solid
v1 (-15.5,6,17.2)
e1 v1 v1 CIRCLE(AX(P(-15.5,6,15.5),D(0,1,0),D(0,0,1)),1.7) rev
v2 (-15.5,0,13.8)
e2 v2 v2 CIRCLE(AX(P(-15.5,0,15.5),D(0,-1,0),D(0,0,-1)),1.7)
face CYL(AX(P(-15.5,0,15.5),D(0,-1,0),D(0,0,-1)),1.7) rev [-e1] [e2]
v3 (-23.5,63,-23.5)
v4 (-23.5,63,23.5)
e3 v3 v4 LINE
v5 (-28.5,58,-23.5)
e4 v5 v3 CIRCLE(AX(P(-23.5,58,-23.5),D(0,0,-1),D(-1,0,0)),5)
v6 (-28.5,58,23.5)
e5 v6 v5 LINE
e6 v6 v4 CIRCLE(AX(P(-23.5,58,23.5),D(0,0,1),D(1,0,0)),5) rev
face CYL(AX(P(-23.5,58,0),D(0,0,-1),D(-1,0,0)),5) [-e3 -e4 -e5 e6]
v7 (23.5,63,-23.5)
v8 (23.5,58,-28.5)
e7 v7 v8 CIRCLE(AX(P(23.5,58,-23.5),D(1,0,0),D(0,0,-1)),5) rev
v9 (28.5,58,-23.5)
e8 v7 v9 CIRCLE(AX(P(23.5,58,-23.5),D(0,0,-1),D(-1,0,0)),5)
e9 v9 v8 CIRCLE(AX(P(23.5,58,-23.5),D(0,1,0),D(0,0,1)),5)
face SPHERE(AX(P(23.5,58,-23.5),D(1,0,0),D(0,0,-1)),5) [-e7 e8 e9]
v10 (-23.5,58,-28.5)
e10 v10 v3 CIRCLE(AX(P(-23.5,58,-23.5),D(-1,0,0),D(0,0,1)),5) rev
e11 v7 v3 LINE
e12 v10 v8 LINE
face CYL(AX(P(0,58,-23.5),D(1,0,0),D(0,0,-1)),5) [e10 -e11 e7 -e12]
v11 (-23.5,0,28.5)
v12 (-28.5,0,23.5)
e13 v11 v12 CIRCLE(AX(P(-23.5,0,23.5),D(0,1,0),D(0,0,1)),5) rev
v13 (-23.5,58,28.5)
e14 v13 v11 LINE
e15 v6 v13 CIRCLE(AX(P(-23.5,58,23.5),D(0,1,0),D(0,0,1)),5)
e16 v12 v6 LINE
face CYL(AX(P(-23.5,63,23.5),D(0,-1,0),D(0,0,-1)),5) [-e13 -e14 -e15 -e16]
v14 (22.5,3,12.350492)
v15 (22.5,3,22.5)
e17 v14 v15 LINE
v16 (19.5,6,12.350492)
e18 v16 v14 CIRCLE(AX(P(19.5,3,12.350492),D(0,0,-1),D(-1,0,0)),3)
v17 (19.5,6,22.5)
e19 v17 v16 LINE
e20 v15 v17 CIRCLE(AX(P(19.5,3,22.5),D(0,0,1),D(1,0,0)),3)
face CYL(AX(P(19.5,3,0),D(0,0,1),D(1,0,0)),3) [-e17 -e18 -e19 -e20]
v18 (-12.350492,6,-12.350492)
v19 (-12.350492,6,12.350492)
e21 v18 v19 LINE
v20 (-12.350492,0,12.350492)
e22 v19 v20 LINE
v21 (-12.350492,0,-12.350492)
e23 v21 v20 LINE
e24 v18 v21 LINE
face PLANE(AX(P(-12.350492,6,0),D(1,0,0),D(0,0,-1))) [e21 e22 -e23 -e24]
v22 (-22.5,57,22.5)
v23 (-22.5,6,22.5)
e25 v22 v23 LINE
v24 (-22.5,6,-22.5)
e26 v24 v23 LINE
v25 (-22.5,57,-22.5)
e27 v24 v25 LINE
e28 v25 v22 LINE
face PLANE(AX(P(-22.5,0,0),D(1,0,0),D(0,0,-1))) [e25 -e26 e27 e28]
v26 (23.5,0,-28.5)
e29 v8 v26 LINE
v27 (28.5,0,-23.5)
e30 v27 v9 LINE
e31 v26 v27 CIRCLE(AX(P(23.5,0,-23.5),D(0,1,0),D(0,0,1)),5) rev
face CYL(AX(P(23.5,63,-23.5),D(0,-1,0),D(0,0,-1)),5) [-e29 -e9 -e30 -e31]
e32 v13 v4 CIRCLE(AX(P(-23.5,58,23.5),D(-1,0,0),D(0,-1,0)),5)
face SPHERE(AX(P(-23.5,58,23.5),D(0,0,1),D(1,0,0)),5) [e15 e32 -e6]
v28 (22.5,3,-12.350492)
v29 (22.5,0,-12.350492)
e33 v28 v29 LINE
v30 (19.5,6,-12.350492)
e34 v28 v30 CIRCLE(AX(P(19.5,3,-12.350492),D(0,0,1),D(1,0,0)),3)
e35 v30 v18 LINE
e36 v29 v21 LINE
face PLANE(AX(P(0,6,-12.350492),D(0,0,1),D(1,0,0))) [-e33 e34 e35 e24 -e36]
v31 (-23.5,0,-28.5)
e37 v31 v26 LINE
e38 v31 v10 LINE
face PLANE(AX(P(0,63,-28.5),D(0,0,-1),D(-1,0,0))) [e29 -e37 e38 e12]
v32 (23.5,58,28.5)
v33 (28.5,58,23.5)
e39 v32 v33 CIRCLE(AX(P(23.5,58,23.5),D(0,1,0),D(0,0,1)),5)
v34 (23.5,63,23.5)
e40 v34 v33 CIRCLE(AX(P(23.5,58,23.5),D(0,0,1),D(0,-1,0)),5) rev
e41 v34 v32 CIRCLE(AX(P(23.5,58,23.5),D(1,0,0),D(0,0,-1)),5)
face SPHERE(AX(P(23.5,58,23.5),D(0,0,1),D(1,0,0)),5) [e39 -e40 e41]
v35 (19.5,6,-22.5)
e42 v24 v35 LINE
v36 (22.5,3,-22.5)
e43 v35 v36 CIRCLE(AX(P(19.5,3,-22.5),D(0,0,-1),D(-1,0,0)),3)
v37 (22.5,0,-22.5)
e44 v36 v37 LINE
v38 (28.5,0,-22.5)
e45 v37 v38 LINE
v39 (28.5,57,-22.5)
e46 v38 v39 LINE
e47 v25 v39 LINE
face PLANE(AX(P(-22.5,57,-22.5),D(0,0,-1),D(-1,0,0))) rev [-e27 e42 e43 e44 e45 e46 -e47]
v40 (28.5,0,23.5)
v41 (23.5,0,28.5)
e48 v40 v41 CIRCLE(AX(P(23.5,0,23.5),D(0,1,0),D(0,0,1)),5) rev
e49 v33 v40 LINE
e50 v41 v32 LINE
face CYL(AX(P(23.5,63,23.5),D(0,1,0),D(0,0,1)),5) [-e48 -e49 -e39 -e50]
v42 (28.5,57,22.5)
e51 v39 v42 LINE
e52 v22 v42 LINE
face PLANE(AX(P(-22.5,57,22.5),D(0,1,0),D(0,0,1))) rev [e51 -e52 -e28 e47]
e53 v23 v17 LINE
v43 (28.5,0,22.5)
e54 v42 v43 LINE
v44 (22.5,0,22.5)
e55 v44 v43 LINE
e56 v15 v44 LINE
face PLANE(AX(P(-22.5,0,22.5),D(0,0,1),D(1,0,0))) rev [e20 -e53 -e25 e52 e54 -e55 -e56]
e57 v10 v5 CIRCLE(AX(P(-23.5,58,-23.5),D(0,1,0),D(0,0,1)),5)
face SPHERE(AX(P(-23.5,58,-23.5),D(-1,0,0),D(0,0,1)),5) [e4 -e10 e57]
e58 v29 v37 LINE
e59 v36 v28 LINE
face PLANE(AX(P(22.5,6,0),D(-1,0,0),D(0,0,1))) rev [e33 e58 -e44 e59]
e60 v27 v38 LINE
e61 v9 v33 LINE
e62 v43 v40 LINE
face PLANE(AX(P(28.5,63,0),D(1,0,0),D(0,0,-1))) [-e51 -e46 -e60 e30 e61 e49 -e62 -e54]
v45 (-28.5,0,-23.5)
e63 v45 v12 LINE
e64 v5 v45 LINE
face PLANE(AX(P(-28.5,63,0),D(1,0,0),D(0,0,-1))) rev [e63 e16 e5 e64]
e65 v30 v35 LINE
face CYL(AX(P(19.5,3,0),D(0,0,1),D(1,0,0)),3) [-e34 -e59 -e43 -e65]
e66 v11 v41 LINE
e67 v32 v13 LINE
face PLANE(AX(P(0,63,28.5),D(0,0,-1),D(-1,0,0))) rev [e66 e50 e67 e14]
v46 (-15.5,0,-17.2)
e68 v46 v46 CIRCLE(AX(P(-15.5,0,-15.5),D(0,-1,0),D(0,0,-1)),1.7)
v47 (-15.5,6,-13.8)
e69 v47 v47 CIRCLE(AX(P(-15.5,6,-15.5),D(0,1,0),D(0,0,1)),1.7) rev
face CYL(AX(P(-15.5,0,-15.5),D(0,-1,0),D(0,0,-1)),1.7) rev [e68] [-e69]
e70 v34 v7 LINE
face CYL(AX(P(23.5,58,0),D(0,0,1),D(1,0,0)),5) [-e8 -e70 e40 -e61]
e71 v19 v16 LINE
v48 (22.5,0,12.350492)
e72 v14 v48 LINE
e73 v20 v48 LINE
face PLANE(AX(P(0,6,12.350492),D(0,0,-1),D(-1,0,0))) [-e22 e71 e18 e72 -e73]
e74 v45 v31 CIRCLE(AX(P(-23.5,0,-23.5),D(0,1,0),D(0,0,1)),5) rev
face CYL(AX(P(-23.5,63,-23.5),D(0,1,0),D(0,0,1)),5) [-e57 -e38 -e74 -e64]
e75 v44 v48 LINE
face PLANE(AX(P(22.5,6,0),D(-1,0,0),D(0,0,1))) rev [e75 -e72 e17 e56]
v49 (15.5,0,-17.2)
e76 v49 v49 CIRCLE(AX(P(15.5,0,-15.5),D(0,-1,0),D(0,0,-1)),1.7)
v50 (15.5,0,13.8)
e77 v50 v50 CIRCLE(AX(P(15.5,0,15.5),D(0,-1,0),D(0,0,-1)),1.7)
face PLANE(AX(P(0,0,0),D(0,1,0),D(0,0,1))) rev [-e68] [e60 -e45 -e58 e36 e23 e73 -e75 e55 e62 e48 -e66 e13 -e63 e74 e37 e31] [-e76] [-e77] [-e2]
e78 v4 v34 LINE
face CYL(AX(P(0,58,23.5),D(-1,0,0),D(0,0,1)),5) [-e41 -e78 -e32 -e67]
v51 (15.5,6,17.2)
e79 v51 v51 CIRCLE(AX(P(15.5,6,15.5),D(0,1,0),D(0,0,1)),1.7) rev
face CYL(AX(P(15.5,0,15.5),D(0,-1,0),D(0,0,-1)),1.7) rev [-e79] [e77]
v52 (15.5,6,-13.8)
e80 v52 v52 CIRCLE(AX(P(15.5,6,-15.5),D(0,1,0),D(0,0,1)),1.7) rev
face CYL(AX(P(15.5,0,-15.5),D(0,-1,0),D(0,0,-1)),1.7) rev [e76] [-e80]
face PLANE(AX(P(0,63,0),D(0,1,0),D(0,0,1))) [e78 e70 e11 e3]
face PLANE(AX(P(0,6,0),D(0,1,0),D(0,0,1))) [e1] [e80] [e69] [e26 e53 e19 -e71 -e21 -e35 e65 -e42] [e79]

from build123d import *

# Parameters (mm, degrees)
SKETCH1_W                 = 57
SKETCH1_H                 = 57
BOSS_EXTRUDE3_DEPTH       = 63
SKETCH3_W                 = 45
SKETCH3_H                 = 57
CUT_EXTRUDE2_DEPTH        = 29.5
CUT_EXTRUDE2_DEPTH_BACK   = 22.5
BOSS_EXTRUDE4_DEPTH       = 6
F_5_0MM_DOWEL_HOLE1_D     = 3.4
F_5_0MM_DOWEL_HOLE1_DEPTH = 6
F_5_0MM_DOWEL_HOLE1_TIP   = 1.021463052
FILLET1_R                 = 5
FILLET2_R                 = 3


with BuildPart() as part:
    # Sketch1 → Boss-Extrude3 (new body)
    with BuildSketch(Plane(origin=(0, 0, 0), x_dir=(1, 0, 0), z_dir=(0, 1, 0))):
        Rectangle(SKETCH1_W, SKETCH1_H)
    extrude(amount=BOSS_EXTRUDE3_DEPTH)

    # Sketch3 → Cut-Extrude2 (cut, two sides)
    with BuildSketch(Plane(origin=(0, 0, 0), x_dir=(0, 0, -1), z_dir=(1, 0, 0))) as cut_extrude2_sk:
        with Locations((0, 28.5)):
            Rectangle(SKETCH3_W, SKETCH3_H)
    extrude(amount=CUT_EXTRUDE2_DEPTH, mode=Mode.SUBTRACT)
    extrude(cut_extrude2_sk.sketch, amount=-CUT_EXTRUDE2_DEPTH_BACK, mode=Mode.SUBTRACT)

    # Sketch1<6> → Boss-Extrude4 (add)
    with BuildSketch(Plane(origin=(0, 0, 0), x_dir=(1, 0, 0), z_dir=(0, 1, 0))):
        Polygon((22.5, 22.5), (-22.5, 22.5), (-22.5, -22.5), (22.5, -22.5), (22.5, -12.350491759), (-12.350491759, -12.350491759), (-12.350491759, 12.350491759), (22.5, 12.350491759), align=None)
    extrude(amount=BOSS_EXTRUDE4_DEPTH)

    # Ø5.0mm Dowel Hole1
    with Locations(Plane(origin=(0, 0, 0), x_dir=(-1, 0, 0), z_dir=(0, -1, 0))):
        with Locations((15.5, -15.5), (15.5, 15.5), (-15.5, 15.5), (-15.5, -15.5)):
            Hole(F_5_0MM_DOWEL_HOLE1_D / 2, depth=F_5_0MM_DOWEL_HOLE1_DEPTH)
            with Locations((0, 0, -(F_5_0MM_DOWEL_HOLE1_DEPTH + F_5_0MM_DOWEL_HOLE1_TIP / 2))):  # 118° drill point
                Cone(0, F_5_0MM_DOWEL_HOLE1_D / 2, F_5_0MM_DOWEL_HOLE1_TIP, mode=Mode.SUBTRACT)

    # Fillet1
    fillet1_edges = [part.edges().sort_by_distance(p)[0] for p in [
        (0, 63, -28.5),
        (-28.5, 63, 0),
        (0, 63, 28.5),
        (28.5, 63, 0),
        (28.5, 31.5, 28.5),
        (-28.5, 31.5, 28.5),
        (-28.5, 31.5, -28.5),
        (28.5, 31.5, -28.5),
    ]]
    fillet(fillet1_edges, radius=FILLET1_R)

    # Fillet2
    fillet2_edges = [part.edges().sort_by_distance(p)[0] for p in [
        (22.5, 6, -17.425245879),
        (22.5, 6, 17.425245879),
    ]]
    fillet(fillet2_edges, radius=FILLET2_R)


solid = part.part
